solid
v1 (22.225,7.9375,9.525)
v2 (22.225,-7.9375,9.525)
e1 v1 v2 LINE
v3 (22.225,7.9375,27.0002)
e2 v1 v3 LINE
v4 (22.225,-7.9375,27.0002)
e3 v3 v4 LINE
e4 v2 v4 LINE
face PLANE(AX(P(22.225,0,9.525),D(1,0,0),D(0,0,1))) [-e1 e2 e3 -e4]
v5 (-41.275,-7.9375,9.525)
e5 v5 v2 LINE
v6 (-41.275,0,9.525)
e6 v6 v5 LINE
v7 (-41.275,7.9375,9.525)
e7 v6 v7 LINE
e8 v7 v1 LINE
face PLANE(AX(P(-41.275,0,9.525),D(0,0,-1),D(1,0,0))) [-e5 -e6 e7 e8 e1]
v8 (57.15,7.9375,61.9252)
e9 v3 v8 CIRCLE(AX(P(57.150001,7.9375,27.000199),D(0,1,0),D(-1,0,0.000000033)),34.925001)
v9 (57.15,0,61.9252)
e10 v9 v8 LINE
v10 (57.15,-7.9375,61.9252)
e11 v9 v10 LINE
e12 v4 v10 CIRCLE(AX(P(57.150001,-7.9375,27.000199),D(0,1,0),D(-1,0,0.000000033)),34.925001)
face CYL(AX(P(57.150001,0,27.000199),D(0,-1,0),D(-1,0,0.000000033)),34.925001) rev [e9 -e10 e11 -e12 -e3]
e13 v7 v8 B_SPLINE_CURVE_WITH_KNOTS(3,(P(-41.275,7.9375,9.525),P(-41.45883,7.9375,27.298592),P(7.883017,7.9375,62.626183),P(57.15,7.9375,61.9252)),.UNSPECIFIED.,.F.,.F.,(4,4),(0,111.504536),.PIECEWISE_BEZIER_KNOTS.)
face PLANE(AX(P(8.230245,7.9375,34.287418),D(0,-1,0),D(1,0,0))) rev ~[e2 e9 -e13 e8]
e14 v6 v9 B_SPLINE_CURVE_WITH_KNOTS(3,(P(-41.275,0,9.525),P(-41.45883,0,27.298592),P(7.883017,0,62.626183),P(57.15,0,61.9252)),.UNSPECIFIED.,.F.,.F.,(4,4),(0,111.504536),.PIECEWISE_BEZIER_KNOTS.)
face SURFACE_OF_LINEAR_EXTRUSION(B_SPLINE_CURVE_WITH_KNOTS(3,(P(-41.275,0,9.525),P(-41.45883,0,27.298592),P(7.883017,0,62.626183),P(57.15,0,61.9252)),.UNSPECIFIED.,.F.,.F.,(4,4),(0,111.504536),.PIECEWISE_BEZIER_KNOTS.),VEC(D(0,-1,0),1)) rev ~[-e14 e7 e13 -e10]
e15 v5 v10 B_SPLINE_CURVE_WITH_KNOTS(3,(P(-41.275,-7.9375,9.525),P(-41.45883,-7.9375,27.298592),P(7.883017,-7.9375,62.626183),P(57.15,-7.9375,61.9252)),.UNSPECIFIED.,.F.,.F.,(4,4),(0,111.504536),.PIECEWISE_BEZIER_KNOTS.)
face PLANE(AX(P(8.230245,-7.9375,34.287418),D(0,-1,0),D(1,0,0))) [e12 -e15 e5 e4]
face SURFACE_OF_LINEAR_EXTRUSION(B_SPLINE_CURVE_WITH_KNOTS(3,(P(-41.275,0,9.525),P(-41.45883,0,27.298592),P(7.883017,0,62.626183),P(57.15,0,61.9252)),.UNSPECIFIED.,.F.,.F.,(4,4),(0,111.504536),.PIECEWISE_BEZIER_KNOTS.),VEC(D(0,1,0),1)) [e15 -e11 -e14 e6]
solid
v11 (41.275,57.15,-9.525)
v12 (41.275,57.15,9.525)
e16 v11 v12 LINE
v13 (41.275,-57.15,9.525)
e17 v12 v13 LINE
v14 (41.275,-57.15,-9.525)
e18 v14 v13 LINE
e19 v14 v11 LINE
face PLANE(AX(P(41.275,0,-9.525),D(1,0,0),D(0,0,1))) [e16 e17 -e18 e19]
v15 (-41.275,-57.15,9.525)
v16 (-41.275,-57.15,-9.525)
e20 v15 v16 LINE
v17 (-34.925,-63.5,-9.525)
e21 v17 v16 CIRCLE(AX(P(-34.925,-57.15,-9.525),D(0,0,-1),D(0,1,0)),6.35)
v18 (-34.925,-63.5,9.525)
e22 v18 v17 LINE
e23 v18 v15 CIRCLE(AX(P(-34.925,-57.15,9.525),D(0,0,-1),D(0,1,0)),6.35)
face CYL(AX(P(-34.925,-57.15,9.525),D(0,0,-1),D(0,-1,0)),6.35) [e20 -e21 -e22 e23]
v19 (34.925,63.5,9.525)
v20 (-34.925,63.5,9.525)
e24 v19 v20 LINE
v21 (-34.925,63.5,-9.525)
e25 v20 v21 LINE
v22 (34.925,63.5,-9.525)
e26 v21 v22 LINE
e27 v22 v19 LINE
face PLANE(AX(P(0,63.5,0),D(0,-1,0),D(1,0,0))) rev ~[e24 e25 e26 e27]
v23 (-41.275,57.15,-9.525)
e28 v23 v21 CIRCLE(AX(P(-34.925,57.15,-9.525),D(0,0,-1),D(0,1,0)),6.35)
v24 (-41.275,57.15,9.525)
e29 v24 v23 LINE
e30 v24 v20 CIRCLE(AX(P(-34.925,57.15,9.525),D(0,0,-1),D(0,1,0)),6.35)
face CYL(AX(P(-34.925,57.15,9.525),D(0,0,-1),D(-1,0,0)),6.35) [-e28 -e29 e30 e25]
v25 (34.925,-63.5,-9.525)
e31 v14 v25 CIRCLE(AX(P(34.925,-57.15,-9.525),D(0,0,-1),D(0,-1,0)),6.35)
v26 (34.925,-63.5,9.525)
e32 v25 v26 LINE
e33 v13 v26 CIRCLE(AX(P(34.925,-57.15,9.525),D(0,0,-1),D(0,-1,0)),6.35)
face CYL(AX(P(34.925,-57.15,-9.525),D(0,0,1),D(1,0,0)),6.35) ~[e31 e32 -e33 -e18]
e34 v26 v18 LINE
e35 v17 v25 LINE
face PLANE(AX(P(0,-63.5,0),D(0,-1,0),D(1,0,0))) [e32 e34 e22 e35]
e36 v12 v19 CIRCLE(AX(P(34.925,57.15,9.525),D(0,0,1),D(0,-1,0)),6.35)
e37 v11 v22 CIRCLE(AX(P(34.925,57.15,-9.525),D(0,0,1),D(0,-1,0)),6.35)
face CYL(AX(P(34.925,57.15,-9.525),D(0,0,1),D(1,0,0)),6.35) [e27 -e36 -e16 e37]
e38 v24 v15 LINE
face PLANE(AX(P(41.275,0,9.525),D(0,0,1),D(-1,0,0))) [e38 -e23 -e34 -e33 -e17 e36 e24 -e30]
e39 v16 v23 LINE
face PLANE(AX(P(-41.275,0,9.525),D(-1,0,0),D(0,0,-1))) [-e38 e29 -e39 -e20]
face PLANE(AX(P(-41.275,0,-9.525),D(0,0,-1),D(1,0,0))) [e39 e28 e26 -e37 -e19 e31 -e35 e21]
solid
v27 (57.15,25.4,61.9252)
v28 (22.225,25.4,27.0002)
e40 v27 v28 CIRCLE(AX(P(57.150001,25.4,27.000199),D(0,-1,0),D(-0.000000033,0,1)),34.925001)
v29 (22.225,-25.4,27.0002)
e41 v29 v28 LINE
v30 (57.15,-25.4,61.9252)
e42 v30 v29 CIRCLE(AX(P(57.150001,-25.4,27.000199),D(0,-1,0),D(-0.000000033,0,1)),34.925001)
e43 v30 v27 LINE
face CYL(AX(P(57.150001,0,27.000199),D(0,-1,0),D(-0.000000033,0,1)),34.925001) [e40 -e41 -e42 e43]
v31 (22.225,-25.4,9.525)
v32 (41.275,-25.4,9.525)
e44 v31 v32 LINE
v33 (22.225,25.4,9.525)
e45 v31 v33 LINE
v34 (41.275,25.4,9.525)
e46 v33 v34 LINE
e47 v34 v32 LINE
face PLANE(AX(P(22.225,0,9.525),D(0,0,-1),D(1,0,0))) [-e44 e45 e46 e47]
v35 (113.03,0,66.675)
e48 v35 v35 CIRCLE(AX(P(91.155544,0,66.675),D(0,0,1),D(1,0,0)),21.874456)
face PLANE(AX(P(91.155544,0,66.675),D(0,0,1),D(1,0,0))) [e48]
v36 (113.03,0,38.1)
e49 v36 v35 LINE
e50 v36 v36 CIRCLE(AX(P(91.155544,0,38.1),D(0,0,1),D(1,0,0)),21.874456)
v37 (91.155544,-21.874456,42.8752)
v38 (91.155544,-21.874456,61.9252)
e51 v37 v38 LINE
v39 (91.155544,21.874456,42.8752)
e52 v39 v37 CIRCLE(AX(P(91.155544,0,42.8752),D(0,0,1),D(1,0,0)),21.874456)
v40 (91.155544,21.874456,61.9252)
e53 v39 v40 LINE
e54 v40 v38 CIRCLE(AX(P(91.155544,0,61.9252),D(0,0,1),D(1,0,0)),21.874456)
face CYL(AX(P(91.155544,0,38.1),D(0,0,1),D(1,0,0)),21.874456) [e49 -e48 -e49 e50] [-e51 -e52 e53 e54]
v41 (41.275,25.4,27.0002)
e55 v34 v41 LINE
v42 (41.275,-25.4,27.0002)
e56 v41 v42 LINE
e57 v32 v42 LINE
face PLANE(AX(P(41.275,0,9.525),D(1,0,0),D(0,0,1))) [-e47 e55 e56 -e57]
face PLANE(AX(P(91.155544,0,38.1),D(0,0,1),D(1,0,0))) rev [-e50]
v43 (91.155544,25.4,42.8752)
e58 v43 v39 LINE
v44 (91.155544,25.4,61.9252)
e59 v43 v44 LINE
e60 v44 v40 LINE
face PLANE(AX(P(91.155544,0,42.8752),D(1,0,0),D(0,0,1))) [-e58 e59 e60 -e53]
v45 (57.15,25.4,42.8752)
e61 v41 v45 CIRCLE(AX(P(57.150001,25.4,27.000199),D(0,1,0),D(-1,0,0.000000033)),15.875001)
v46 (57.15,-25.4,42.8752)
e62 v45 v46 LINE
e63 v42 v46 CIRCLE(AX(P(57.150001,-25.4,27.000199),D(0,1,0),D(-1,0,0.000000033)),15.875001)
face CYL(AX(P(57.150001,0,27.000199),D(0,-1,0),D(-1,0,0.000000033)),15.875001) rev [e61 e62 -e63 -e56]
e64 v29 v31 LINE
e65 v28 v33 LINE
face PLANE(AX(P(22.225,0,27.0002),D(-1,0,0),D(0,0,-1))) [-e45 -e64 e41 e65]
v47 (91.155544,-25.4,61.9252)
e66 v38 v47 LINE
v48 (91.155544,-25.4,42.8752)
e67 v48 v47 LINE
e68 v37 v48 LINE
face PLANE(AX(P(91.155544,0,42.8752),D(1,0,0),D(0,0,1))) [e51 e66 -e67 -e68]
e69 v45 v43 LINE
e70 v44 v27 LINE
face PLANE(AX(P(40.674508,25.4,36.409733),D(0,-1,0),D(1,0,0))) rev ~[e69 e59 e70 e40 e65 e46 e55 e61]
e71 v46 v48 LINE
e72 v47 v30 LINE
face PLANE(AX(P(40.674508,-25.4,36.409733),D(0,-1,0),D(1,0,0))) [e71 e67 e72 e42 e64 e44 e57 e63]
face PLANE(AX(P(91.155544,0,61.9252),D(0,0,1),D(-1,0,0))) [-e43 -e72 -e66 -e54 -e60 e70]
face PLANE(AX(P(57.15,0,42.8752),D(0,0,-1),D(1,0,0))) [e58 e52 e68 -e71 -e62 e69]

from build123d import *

# Parameters (mm, degrees)
F1_DEPTH = 63.5
F0_W     = 28.925544
F0_H     = 19.05
F2_DEPTH = 25.4
F3_DEPTH = 7.9375
F5_R     = 6.35
F6_R     = 6.35
F7_R     = 6.35


with BuildPart() as f1:
    # F0 (on Front) → F1 (new body, symmetric)
    with BuildSketch(Plane.XZ):
        Polygon((41.275, -9.525), (41.275, 9.525), (22.225, 9.525), (-41.275, 9.525), (-41.275, -9.525), align=None)
    extrude(amount=F1_DEPTH, both=True)

    # F5
    f5_edges = [f1.edges().sort_by_distance(p)[0] for p in [
        (41.275, -63.5, 0),
    ]]
    fillet(f5_edges, radius=F5_R)

    # F6
    f6_edges = [f1.edges().sort_by_distance(p)[0] for p in [
        (-41.275, -63.5, 0),
    ]]
    fillet(f6_edges, radius=F6_R)

    # F7
    f7_edges = [f1.edges().sort_by_distance(p)[0] for p in [
        (-41.275, 63.5, 0),
        (41.275, 63.5, 0),
    ]]
    fillet(f7_edges, radius=F7_R)


with BuildPart() as f2:
    # F0 (on Front) → F2 (new body, symmetric)
    with BuildSketch(Plane.XZ):
        with BuildLine():
            Line((22.225, 9.525), (41.275, 9.525))
            Line((41.275, 9.525), (41.275, 27.0002))
            ThreePointArc((41.275, 27.0002), (45.92468, 38.22552), (57.15, 42.8752))
            Line((57.15, 42.8752), (62.23, 42.8752))
            Line((62.23, 42.8752), (62.23, 61.9252))
            Line((62.23, 61.9252), (57.15, 61.9252))
            ThreePointArc((57.15, 61.9252), (32.454296, 51.695904), (22.225, 27.0002))
            Line((22.225, 27.0002), (22.225, 9.525))
        make_face()
        with Locations((76.692772, 52.4002)):
            Rectangle(F0_W, F0_H)
    extrude(amount=F2_DEPTH, both=True)

    # F0 (on Front) → F4 (revolve)
    with BuildSketch(Plane.XZ):
        Polygon((91.155544, 61.9252), (91.155544, 42.8752), (91.155544, 38.1), (113.03, 38.1), (113.03, 66.675), (91.155544, 66.675), align=None)
    revolve(axis=Axis((91.155544, 0, 52.4002), (0, 0, 1)))


with BuildPart() as f3:
    # F0 (on Front) → F3 (new body, symmetric)
    with BuildSketch(Plane.XZ):
        with BuildLine():
            Line((-41.275, 9.525), (22.225, 9.525))
            Line((22.225, 9.525), (22.225, 27.0002))
            ThreePointArc((22.225, 27.0002), (32.454296, 51.695904), (57.15, 61.9252))
            add(Edge.make_bspline(
                [(-41.275, 9.525), (-41.45883, 27.298592), (7.883017, 62.626183), (57.15, 61.9252)],
                knots=[0, 0, 0, 0, 111.504536, 111.504536, 111.504536, 111.504536], degree=3))
        make_face()
    extrude(amount=F3_DEPTH, both=True)


solid = Compound([f1.part, f2.part, f3.part])
